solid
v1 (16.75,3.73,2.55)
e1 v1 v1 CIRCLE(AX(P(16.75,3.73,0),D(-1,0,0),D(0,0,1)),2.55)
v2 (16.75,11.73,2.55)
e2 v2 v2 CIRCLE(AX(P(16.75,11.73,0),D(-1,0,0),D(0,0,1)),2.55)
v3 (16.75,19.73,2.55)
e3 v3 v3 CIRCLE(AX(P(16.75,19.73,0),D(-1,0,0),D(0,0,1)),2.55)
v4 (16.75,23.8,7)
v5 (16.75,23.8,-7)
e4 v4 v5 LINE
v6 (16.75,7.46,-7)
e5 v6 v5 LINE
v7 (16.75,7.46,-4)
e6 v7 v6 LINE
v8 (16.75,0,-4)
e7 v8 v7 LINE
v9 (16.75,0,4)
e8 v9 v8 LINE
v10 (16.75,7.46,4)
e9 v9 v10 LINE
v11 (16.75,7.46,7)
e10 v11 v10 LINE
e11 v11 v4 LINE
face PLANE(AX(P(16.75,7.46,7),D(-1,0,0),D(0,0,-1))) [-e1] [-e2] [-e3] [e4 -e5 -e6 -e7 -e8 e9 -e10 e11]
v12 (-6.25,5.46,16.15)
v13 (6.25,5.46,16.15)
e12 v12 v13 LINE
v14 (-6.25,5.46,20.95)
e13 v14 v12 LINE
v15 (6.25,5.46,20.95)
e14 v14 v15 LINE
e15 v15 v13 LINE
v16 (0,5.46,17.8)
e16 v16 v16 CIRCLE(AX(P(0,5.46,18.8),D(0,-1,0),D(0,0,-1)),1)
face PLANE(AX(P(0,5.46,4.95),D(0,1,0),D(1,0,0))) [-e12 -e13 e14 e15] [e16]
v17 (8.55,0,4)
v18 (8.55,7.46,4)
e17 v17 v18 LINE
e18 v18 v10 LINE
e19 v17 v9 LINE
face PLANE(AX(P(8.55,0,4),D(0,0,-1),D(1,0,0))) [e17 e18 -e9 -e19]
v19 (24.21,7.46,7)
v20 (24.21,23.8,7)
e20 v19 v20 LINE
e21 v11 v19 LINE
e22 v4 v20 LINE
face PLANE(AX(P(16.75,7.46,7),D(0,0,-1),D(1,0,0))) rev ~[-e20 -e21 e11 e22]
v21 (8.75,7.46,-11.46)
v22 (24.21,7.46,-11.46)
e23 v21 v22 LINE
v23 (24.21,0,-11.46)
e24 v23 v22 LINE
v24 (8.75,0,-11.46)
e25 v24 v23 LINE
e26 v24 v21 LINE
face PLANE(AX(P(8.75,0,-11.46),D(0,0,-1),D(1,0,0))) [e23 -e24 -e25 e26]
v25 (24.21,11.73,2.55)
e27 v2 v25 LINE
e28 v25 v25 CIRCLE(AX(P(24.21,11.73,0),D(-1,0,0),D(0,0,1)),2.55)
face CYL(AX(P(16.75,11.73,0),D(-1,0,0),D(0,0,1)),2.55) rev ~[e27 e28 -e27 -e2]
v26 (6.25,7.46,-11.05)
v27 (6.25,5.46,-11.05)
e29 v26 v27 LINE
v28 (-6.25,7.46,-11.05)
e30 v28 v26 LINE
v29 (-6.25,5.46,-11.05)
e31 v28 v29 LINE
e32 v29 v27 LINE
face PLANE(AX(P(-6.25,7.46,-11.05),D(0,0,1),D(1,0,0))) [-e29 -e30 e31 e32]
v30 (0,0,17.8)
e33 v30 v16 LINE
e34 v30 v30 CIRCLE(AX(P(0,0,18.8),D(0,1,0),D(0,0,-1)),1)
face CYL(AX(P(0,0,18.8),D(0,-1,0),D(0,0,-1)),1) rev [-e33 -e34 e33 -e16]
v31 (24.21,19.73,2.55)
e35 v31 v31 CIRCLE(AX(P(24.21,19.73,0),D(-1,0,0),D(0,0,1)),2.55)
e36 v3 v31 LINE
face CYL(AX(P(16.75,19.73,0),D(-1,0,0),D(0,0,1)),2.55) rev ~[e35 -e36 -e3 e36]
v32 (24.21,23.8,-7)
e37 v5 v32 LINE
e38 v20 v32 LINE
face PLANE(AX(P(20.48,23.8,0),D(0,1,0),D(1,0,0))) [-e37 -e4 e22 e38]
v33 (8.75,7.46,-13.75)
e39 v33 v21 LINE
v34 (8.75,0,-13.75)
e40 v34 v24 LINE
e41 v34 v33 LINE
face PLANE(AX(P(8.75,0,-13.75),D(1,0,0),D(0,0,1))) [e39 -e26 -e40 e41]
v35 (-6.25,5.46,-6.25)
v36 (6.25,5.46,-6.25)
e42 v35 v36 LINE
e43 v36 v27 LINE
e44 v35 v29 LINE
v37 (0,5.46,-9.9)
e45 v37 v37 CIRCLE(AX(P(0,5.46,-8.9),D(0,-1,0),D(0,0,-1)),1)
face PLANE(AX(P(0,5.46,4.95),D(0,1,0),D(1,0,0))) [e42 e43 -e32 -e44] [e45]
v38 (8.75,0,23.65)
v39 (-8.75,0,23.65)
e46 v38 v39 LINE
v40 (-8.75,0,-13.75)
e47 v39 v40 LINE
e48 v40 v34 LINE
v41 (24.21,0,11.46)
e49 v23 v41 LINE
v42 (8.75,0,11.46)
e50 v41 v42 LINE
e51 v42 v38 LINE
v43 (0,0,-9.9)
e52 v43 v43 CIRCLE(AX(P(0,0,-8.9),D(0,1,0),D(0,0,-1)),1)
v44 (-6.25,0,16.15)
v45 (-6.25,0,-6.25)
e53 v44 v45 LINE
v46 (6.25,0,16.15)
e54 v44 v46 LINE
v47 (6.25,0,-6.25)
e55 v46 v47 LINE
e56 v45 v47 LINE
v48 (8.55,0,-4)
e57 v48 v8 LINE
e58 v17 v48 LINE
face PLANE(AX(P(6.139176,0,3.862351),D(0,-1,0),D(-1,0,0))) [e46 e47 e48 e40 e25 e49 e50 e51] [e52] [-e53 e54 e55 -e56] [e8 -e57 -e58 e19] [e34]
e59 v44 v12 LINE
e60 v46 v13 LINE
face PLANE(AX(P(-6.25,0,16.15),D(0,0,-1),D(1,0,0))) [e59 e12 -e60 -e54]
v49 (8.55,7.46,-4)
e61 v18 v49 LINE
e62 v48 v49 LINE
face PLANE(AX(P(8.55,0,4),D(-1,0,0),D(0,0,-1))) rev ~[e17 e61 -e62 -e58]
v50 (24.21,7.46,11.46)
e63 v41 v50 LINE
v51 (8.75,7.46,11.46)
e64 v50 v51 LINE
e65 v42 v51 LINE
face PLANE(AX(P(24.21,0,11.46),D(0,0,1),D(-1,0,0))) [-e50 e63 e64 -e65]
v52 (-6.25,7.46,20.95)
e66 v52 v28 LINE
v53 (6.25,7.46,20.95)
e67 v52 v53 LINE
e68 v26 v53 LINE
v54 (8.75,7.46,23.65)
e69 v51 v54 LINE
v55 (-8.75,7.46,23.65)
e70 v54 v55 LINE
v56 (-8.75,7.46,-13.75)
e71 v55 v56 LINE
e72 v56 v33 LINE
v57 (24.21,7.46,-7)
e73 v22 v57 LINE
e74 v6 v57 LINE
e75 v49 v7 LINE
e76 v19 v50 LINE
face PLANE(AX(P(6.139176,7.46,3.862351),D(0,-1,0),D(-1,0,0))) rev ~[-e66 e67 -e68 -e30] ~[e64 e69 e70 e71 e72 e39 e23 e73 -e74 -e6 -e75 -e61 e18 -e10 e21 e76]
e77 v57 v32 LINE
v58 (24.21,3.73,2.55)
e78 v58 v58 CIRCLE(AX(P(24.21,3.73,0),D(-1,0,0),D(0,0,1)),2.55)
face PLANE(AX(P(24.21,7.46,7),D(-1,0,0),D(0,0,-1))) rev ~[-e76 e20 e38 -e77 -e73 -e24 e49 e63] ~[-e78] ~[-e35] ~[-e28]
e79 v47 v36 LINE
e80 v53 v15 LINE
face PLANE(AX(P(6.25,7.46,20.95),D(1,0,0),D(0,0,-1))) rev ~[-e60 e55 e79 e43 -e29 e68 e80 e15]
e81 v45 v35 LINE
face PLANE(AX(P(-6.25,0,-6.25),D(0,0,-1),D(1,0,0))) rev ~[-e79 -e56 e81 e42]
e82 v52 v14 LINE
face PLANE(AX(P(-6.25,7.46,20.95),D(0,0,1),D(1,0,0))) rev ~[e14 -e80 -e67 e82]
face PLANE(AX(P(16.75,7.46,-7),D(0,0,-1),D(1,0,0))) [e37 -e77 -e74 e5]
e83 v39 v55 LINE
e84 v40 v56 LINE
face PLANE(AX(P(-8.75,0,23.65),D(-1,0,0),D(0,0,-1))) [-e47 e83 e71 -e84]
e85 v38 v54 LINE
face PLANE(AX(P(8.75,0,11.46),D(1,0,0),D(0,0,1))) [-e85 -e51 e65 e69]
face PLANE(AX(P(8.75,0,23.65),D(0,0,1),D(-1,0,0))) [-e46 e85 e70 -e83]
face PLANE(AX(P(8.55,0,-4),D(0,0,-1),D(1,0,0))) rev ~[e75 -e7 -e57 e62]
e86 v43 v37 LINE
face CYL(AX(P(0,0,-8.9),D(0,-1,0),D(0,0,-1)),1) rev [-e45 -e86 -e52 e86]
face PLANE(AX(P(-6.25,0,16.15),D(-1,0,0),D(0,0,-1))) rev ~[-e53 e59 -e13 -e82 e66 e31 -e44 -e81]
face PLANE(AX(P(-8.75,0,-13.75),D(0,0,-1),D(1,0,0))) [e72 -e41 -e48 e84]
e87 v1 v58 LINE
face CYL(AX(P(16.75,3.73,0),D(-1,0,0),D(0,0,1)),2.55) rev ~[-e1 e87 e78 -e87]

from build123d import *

# Parameters (mm, degrees)
SKETCH4_R           = 1
SKETCH4_W           = 8.2
SKETCH4_H           = 8
SKETCH4_W_2         = 12.5
SKETCH4_H_2         = 22.4
BOSS_EXTRUDE2_DEPTH = 7.46
SKETCH8_W           = 7.46
SKETCH8_H           = 14
BOSS_EXTRUDE4_DEPTH = 16.34
SKETCH9_R           = 2.55
CUT_EXTRUDE2_DEPTH  = 43.142763317
SKETCH12_W          = 12.5
SKETCH12_H          = 32
CUT_EXTRUDE5_DEPTH  = 2


with BuildPart() as part:
    # Sketch4 → Boss-Extrude2 (new body)
    with BuildSketch(Plane(origin=(0, 0, 0), x_dir=(1, 0, 0), z_dir=(0, 1, 0))):
        Polygon((8.75, 11.46), (24.21, 11.46), (24.21, -11.46), (8.75, -11.46), (8.75, -23.65), (-8.75, -23.65), (-8.75, 13.75), (8.75, 13.75), align=None)
        with Locations(Location((0, 8.9, 0), (0, 0, 90))):
            Circle(SKETCH4_R, mode=Mode.SUBTRACT)
        with Locations(Location((0, -18.8, 0), (0, 0, 90))):
            Circle(SKETCH4_R, mode=Mode.SUBTRACT)
        with Locations((12.65, 0)):
            Rectangle(SKETCH4_W, SKETCH4_H, mode=Mode.SUBTRACT)
        with Locations((0, -4.95)):
            Rectangle(SKETCH4_W_2, SKETCH4_H_2, mode=Mode.SUBTRACT)
    extrude(amount=BOSS_EXTRUDE2_DEPTH)

    # Sketch8 → Boss-Extrude4 (add)
    with BuildSketch(Plane(origin=(0, 7.46, 0), x_dir=(1, 0, 0), z_dir=(0, 1, 0))):
        with Locations((20.48, 0)):
            Rectangle(SKETCH8_W, SKETCH8_H)
    extrude(amount=BOSS_EXTRUDE4_DEPTH)

    # Sketch9 → Cut-Extrude2 (cut, through all)
    with BuildSketch(Plane.ZY.offset(-16.75)):
        with Locations((0, 3.73)):
            Circle(SKETCH9_R)
        with Locations((0, 11.73)):
            Circle(SKETCH9_R)
        with Locations((0, 19.73)):
            Circle(SKETCH9_R)
    extrude(amount=-CUT_EXTRUDE2_DEPTH, mode=Mode.SUBTRACT)

    # Sketch12 → Cut-Extrude5 (cut)
    with BuildSketch(Plane(origin=(0, 7.46, 0), x_dir=(1, 0, 0), z_dir=(0, 1, 0))):
        with Locations((0, -4.95)):
            Rectangle(SKETCH12_W, SKETCH12_H)
    extrude(amount=-CUT_EXTRUDE5_DEPTH, mode=Mode.SUBTRACT)


solid = part.part
